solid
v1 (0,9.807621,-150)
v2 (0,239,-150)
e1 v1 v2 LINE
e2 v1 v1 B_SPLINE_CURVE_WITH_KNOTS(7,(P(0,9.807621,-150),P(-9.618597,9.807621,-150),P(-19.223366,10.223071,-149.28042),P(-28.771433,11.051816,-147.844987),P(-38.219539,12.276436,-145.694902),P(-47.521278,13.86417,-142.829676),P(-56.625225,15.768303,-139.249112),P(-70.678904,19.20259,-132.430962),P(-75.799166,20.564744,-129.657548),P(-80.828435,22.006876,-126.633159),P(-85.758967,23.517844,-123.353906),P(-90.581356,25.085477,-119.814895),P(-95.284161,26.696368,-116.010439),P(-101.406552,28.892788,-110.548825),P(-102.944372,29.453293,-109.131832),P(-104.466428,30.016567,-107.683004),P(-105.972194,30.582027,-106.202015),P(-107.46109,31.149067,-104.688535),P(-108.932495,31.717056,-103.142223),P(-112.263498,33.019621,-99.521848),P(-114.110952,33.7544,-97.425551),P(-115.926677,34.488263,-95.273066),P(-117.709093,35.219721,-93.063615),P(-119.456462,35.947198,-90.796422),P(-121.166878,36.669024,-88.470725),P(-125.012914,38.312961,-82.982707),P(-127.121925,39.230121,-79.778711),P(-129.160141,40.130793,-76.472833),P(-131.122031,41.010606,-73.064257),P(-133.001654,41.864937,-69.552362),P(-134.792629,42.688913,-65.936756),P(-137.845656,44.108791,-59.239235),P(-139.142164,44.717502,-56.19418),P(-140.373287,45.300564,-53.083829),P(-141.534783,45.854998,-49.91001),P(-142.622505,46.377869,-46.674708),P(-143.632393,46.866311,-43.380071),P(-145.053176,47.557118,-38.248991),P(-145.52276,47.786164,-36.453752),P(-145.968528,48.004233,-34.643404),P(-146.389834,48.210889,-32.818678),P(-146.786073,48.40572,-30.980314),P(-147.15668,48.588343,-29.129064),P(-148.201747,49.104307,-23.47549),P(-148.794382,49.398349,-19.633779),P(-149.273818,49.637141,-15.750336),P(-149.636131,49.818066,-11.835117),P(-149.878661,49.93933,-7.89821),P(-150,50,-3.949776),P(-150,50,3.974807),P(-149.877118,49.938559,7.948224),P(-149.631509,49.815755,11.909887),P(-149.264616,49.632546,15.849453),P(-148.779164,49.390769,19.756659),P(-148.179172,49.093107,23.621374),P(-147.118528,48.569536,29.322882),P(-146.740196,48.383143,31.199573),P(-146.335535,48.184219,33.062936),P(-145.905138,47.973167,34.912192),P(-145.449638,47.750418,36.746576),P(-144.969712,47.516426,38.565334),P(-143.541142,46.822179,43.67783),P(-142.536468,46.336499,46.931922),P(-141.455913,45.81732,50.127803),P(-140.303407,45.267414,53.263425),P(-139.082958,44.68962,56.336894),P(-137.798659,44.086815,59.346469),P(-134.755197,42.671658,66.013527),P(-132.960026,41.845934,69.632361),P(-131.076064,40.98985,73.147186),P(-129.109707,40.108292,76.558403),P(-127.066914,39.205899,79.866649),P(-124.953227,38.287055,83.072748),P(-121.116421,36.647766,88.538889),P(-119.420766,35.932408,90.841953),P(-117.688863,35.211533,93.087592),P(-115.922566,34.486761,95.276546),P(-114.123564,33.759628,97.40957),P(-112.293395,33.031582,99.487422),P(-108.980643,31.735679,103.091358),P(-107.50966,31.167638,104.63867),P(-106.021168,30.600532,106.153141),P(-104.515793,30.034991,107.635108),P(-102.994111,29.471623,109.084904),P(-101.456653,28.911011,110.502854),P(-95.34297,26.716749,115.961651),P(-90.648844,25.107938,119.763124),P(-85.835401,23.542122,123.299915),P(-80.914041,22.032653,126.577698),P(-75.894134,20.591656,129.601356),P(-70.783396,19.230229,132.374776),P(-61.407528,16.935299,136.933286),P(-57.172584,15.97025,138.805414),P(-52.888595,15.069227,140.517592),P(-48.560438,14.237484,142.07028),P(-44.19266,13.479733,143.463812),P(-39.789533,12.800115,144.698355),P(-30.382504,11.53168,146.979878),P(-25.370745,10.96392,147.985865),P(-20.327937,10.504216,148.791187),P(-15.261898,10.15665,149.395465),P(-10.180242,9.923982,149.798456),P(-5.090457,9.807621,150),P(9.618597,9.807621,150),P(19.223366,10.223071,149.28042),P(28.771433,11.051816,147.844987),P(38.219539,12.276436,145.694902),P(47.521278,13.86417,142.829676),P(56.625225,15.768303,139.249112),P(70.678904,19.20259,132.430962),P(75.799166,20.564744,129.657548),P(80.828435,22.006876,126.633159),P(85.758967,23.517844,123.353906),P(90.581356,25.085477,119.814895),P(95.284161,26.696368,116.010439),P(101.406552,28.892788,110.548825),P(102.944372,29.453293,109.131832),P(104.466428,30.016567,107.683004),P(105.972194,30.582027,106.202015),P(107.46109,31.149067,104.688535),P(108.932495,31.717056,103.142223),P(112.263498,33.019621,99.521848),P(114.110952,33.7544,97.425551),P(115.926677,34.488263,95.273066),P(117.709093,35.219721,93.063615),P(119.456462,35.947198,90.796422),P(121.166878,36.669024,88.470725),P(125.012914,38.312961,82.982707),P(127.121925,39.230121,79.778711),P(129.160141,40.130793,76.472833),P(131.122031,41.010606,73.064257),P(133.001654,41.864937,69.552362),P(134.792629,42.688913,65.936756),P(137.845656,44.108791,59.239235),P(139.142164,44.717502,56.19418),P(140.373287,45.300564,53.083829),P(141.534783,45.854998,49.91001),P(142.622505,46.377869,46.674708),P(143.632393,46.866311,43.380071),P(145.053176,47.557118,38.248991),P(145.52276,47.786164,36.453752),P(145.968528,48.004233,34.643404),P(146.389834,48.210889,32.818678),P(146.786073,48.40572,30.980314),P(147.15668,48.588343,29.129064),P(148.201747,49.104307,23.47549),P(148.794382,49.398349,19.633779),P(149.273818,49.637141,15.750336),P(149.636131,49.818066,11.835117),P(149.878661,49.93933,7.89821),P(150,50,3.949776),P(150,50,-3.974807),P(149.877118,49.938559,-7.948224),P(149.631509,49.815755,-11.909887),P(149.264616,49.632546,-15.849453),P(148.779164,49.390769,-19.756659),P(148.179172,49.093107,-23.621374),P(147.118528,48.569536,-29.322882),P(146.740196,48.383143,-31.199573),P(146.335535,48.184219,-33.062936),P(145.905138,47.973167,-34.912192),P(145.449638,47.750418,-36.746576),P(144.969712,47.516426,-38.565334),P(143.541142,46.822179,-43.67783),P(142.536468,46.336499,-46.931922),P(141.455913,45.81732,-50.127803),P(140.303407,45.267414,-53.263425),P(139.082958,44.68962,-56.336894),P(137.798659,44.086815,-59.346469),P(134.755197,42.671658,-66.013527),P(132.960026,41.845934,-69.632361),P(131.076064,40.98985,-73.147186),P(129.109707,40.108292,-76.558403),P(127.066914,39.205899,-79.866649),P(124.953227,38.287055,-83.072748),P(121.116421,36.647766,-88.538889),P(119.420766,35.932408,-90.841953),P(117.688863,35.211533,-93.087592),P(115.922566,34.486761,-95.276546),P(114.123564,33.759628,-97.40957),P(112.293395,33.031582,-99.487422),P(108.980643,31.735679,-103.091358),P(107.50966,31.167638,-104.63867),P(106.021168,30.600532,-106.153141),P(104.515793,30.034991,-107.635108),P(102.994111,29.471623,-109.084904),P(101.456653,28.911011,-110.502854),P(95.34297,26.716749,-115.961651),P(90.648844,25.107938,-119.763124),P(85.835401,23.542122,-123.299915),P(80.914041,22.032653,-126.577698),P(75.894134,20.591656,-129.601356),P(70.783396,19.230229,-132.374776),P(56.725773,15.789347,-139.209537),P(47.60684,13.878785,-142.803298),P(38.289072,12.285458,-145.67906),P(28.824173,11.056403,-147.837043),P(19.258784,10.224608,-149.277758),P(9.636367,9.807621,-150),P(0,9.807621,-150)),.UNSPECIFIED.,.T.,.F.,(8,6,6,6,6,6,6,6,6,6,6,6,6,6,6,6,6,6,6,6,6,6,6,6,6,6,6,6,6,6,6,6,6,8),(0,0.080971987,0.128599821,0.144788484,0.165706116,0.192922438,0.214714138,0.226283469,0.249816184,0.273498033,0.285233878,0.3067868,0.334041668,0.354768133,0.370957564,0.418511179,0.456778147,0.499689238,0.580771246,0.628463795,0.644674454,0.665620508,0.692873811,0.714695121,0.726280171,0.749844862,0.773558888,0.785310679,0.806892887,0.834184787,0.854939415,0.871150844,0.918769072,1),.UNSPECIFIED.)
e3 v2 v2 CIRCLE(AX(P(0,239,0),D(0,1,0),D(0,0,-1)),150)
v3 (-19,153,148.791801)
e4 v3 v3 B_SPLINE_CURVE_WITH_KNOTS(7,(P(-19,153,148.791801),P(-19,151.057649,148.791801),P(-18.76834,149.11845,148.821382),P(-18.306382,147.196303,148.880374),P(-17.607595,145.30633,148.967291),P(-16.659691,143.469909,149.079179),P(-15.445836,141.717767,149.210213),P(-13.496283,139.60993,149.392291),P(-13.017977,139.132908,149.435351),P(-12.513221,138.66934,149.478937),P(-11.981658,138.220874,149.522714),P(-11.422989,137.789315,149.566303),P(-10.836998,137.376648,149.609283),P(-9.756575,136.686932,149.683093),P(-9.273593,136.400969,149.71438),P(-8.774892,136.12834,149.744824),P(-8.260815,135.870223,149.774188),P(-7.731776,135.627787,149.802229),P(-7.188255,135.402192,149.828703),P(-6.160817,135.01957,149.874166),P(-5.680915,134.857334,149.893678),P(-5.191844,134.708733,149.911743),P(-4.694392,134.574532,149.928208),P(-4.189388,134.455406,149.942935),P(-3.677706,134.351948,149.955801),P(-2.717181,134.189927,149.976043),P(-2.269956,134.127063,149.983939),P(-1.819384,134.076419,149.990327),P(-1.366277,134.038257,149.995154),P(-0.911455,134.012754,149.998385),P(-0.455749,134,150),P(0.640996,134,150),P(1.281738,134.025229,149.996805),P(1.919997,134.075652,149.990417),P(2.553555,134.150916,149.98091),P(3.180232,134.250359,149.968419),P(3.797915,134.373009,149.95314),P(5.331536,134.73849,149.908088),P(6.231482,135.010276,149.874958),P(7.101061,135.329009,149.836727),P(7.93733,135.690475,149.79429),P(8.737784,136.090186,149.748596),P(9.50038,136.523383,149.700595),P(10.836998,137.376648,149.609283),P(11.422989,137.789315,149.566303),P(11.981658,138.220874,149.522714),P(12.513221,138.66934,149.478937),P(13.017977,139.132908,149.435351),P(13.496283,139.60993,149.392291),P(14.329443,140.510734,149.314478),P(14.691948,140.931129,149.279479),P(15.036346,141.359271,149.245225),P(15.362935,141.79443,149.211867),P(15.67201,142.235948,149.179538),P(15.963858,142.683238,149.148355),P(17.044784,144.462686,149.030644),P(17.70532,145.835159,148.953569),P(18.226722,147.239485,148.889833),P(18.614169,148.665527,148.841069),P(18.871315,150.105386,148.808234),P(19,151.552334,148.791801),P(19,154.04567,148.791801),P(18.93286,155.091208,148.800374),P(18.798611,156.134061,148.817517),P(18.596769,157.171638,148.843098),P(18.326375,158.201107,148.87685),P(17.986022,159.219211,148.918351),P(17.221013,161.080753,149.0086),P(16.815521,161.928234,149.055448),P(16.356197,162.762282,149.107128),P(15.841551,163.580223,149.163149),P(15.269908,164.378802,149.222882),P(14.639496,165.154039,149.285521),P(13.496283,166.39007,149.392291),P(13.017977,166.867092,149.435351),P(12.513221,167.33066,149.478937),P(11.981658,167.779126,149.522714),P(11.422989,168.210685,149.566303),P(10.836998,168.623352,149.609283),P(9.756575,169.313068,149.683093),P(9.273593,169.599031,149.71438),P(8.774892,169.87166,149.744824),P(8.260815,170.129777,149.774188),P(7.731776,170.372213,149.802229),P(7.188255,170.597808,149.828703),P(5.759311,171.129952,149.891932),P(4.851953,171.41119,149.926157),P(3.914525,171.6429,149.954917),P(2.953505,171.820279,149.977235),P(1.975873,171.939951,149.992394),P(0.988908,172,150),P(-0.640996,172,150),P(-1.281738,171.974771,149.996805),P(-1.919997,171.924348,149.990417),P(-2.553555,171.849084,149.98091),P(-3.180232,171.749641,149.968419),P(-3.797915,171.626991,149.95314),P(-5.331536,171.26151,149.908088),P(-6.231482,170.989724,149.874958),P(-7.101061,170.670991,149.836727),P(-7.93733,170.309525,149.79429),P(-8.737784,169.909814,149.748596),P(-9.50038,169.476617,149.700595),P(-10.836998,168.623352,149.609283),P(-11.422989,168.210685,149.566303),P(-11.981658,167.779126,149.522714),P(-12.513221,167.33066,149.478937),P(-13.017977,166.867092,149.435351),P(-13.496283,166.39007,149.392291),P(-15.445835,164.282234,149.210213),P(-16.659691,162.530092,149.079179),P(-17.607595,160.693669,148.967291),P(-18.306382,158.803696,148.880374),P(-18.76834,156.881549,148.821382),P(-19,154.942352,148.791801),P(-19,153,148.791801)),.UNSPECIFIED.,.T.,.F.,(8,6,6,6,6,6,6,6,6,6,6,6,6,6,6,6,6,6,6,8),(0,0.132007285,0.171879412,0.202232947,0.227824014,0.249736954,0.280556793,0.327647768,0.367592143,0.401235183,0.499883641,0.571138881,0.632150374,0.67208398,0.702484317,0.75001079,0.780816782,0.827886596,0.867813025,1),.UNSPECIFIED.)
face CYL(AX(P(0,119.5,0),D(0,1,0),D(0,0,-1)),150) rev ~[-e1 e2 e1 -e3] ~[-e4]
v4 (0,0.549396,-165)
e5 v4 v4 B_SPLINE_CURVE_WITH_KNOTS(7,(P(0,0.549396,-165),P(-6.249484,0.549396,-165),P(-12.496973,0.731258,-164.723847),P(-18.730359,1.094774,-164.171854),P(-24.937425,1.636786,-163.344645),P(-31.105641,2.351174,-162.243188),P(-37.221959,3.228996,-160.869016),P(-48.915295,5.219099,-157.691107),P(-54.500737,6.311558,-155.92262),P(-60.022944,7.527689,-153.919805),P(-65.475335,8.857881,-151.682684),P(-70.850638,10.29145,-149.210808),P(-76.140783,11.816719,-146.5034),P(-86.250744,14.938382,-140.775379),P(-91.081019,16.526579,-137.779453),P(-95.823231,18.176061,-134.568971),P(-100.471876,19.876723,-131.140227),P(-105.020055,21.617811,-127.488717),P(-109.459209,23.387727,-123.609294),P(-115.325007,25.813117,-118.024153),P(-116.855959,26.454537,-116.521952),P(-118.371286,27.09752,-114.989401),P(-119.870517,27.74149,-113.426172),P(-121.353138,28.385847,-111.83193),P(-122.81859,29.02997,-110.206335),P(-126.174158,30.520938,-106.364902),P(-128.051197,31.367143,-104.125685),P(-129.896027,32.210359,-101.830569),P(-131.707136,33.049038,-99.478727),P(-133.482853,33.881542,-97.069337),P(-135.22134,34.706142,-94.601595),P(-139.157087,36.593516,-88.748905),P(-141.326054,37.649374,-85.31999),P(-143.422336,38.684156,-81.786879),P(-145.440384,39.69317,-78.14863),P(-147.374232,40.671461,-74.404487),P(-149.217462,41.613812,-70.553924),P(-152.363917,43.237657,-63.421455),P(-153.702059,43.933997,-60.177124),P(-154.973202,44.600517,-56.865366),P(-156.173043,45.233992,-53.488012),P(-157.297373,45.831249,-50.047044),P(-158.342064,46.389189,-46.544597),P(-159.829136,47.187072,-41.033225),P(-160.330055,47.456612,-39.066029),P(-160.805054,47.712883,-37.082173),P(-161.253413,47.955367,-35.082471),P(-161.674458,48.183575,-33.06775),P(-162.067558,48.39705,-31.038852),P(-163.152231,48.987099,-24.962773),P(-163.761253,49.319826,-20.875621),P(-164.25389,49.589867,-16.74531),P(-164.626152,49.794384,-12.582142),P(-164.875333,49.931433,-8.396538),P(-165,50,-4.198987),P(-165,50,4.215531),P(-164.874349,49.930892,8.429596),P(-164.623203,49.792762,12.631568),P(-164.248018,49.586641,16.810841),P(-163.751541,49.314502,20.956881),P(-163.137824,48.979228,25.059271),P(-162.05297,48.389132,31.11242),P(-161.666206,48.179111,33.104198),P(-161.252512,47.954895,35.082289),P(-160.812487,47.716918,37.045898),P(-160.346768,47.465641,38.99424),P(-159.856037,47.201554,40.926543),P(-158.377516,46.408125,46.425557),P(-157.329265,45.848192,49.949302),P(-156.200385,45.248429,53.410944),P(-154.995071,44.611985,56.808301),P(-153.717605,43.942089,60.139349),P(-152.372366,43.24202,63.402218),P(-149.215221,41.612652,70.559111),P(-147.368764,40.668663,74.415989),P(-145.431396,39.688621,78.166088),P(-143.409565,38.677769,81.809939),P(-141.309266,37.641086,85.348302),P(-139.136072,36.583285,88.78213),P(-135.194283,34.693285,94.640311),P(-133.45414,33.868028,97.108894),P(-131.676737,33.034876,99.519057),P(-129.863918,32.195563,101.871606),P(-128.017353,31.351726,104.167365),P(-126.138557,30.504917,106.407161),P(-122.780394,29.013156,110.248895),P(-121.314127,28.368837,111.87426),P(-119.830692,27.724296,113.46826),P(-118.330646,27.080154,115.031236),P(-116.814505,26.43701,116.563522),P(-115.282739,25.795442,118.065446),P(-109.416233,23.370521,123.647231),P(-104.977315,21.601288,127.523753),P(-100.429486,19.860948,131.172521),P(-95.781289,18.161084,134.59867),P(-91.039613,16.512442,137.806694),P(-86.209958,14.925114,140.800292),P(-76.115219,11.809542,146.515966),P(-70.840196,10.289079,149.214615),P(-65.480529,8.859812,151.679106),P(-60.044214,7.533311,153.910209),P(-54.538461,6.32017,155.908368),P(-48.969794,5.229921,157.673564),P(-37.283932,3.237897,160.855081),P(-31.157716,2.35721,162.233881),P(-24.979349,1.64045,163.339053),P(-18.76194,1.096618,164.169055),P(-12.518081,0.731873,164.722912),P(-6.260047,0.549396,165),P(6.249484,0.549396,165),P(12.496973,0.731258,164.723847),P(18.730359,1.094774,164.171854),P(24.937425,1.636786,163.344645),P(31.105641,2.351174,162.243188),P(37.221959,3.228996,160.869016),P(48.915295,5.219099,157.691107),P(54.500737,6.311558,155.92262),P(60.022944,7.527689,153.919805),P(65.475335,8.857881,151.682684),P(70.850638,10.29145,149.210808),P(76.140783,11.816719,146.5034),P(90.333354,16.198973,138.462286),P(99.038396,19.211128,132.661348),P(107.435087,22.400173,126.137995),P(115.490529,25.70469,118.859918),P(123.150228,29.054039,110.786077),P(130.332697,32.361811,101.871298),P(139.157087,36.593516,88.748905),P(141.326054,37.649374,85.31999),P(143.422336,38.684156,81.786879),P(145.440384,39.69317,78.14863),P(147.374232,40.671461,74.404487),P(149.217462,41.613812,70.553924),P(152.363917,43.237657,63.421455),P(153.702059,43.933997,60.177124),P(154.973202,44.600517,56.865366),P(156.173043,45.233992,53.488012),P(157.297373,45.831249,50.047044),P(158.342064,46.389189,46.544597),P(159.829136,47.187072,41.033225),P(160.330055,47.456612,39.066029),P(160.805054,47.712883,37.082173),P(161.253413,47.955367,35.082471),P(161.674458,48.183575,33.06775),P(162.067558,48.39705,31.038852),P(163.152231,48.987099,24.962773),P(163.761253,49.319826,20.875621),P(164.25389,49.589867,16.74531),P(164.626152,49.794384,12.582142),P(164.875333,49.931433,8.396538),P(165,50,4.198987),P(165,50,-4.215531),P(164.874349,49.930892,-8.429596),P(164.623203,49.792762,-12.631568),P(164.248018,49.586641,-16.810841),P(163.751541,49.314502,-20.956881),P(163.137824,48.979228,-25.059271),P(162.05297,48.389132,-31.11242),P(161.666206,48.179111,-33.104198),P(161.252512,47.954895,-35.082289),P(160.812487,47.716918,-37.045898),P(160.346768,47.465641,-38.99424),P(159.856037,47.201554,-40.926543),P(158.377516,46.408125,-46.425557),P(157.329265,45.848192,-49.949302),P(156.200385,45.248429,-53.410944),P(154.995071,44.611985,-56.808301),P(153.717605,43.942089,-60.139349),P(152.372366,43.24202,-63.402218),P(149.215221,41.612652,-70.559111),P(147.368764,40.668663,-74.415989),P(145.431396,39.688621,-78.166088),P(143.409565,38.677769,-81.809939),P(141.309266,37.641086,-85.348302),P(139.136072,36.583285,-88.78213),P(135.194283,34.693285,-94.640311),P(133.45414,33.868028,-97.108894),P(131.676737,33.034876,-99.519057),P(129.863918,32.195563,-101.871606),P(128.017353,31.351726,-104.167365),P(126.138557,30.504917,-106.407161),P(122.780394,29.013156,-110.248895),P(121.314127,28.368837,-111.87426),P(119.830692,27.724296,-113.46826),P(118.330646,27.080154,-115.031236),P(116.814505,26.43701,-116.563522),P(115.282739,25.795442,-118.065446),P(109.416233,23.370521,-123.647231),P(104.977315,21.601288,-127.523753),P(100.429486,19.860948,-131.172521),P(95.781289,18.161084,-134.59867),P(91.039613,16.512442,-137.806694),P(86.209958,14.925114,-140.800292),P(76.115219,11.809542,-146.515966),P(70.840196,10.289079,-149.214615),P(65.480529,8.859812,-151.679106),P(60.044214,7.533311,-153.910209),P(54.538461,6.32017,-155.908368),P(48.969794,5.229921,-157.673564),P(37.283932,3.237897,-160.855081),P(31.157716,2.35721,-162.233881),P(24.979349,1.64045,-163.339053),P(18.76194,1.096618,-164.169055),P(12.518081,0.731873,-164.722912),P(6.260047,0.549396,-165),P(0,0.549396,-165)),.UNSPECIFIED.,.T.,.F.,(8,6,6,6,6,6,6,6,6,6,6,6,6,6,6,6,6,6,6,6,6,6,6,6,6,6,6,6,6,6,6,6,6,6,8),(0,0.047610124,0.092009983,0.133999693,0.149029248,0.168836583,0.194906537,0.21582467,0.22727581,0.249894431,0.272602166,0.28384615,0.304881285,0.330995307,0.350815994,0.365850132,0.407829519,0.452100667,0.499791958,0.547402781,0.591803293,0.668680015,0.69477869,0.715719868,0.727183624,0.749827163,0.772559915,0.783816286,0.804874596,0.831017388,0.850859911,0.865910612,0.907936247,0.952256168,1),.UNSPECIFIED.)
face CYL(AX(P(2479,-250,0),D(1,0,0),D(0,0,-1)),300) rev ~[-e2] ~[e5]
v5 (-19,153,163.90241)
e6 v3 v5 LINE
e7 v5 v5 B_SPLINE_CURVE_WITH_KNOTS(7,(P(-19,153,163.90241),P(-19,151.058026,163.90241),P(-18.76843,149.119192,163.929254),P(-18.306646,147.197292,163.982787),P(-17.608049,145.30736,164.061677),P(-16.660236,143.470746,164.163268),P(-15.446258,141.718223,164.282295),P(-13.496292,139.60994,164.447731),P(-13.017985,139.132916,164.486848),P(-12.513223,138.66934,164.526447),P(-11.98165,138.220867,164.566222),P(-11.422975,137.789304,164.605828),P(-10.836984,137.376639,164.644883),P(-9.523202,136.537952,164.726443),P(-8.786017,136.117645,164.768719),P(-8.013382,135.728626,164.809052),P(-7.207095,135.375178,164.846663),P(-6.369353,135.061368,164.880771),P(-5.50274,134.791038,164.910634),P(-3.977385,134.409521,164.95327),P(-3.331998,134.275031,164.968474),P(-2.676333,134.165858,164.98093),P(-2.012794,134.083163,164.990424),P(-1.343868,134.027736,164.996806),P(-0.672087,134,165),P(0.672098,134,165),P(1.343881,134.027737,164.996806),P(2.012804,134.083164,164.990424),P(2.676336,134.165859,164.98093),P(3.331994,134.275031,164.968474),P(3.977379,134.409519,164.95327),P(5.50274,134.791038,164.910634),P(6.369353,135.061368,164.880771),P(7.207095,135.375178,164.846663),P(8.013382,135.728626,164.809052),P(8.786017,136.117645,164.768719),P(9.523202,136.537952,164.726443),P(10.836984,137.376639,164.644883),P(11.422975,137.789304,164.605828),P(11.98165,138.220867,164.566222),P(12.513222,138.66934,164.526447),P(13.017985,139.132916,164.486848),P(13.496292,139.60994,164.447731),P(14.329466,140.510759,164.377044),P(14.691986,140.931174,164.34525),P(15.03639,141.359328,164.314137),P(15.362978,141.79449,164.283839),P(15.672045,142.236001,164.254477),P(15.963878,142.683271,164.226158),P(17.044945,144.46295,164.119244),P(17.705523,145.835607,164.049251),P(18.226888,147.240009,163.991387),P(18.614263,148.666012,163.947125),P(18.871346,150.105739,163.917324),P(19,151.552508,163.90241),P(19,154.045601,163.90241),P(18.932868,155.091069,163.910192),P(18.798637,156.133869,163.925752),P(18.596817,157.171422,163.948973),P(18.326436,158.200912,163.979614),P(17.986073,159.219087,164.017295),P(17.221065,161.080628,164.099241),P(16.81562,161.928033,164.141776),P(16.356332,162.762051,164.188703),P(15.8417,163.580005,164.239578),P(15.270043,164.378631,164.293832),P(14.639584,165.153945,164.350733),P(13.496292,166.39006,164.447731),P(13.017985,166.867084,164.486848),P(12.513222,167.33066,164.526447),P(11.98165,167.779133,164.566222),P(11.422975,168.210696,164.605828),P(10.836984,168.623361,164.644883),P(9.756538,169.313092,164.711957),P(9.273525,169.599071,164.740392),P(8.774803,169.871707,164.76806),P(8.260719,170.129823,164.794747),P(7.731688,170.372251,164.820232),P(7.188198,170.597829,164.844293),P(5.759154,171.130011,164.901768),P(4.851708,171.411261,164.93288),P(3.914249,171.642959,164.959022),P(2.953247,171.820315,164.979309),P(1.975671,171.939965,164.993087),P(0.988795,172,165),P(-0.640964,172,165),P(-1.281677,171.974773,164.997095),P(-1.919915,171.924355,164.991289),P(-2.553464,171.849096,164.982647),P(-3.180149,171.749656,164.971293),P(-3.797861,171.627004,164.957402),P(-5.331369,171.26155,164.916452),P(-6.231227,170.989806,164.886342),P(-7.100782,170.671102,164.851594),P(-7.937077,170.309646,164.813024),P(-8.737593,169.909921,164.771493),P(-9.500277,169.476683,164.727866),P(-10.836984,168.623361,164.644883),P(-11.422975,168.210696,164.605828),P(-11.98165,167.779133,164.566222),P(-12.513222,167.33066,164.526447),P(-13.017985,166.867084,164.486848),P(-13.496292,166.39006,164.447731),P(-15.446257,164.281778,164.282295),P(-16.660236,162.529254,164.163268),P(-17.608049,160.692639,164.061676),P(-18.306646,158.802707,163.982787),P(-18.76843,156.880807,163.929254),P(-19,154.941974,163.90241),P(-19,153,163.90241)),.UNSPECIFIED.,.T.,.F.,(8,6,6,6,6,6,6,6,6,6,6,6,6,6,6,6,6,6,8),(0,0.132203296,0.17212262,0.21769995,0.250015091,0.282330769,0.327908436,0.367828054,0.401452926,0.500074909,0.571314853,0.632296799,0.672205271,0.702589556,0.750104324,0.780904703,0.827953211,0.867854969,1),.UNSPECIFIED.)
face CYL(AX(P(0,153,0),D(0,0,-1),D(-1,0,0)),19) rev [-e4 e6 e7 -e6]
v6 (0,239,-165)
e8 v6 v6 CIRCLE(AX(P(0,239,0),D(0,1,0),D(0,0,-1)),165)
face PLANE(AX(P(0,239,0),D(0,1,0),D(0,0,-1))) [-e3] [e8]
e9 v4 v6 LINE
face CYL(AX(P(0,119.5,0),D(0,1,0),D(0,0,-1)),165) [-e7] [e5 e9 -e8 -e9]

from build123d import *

# Parameters (mm, degrees)
SKETCH_1_W         = 15
SKETCH_1_H         = 239
SKETCH1_R          = 300
CUT_EXTRUDE1_DEPTH = 2660.902629797
SKETCH2_R          = 19
CUT_EXTRUDE2_DEPTH = 335.022454505


with BuildPart() as part:
    # Эскиз1 → Повернуть1 (revolve)
    with BuildSketch(Plane.XY, mode=Mode.PRIVATE) as revolve_1_sk:
        with Locations((-157.5, 119.5)):
            Rectangle(SKETCH_1_W, SKETCH_1_H)
    revolve(revolve_1_sk.sketch.rotate(Axis((0, 0, 0), (0, 1, 0)), 270), axis=Axis((0, 0, 0), (0, 1, 0)))

    # Sketch1 → Cut-Extrude1 (cut, through all)
    with BuildSketch(Plane(origin=(2479, 0, 0), x_dir=(0, 0, -1), z_dir=(1, 0, 0))):
        with Locations((0, -250)):
            Circle(SKETCH1_R)
    extrude(amount=-CUT_EXTRUDE1_DEPTH, mode=Mode.SUBTRACT)

    # Sketch2 → Cut-Extrude2 (cut, through all)
    with BuildSketch(Plane.XY):
        with Locations(Location((0, 153, 0), (0, 0, 180))):
            Circle(SKETCH2_R)
    extrude(amount=CUT_EXTRUDE2_DEPTH, mode=Mode.SUBTRACT)


solid = part.part
